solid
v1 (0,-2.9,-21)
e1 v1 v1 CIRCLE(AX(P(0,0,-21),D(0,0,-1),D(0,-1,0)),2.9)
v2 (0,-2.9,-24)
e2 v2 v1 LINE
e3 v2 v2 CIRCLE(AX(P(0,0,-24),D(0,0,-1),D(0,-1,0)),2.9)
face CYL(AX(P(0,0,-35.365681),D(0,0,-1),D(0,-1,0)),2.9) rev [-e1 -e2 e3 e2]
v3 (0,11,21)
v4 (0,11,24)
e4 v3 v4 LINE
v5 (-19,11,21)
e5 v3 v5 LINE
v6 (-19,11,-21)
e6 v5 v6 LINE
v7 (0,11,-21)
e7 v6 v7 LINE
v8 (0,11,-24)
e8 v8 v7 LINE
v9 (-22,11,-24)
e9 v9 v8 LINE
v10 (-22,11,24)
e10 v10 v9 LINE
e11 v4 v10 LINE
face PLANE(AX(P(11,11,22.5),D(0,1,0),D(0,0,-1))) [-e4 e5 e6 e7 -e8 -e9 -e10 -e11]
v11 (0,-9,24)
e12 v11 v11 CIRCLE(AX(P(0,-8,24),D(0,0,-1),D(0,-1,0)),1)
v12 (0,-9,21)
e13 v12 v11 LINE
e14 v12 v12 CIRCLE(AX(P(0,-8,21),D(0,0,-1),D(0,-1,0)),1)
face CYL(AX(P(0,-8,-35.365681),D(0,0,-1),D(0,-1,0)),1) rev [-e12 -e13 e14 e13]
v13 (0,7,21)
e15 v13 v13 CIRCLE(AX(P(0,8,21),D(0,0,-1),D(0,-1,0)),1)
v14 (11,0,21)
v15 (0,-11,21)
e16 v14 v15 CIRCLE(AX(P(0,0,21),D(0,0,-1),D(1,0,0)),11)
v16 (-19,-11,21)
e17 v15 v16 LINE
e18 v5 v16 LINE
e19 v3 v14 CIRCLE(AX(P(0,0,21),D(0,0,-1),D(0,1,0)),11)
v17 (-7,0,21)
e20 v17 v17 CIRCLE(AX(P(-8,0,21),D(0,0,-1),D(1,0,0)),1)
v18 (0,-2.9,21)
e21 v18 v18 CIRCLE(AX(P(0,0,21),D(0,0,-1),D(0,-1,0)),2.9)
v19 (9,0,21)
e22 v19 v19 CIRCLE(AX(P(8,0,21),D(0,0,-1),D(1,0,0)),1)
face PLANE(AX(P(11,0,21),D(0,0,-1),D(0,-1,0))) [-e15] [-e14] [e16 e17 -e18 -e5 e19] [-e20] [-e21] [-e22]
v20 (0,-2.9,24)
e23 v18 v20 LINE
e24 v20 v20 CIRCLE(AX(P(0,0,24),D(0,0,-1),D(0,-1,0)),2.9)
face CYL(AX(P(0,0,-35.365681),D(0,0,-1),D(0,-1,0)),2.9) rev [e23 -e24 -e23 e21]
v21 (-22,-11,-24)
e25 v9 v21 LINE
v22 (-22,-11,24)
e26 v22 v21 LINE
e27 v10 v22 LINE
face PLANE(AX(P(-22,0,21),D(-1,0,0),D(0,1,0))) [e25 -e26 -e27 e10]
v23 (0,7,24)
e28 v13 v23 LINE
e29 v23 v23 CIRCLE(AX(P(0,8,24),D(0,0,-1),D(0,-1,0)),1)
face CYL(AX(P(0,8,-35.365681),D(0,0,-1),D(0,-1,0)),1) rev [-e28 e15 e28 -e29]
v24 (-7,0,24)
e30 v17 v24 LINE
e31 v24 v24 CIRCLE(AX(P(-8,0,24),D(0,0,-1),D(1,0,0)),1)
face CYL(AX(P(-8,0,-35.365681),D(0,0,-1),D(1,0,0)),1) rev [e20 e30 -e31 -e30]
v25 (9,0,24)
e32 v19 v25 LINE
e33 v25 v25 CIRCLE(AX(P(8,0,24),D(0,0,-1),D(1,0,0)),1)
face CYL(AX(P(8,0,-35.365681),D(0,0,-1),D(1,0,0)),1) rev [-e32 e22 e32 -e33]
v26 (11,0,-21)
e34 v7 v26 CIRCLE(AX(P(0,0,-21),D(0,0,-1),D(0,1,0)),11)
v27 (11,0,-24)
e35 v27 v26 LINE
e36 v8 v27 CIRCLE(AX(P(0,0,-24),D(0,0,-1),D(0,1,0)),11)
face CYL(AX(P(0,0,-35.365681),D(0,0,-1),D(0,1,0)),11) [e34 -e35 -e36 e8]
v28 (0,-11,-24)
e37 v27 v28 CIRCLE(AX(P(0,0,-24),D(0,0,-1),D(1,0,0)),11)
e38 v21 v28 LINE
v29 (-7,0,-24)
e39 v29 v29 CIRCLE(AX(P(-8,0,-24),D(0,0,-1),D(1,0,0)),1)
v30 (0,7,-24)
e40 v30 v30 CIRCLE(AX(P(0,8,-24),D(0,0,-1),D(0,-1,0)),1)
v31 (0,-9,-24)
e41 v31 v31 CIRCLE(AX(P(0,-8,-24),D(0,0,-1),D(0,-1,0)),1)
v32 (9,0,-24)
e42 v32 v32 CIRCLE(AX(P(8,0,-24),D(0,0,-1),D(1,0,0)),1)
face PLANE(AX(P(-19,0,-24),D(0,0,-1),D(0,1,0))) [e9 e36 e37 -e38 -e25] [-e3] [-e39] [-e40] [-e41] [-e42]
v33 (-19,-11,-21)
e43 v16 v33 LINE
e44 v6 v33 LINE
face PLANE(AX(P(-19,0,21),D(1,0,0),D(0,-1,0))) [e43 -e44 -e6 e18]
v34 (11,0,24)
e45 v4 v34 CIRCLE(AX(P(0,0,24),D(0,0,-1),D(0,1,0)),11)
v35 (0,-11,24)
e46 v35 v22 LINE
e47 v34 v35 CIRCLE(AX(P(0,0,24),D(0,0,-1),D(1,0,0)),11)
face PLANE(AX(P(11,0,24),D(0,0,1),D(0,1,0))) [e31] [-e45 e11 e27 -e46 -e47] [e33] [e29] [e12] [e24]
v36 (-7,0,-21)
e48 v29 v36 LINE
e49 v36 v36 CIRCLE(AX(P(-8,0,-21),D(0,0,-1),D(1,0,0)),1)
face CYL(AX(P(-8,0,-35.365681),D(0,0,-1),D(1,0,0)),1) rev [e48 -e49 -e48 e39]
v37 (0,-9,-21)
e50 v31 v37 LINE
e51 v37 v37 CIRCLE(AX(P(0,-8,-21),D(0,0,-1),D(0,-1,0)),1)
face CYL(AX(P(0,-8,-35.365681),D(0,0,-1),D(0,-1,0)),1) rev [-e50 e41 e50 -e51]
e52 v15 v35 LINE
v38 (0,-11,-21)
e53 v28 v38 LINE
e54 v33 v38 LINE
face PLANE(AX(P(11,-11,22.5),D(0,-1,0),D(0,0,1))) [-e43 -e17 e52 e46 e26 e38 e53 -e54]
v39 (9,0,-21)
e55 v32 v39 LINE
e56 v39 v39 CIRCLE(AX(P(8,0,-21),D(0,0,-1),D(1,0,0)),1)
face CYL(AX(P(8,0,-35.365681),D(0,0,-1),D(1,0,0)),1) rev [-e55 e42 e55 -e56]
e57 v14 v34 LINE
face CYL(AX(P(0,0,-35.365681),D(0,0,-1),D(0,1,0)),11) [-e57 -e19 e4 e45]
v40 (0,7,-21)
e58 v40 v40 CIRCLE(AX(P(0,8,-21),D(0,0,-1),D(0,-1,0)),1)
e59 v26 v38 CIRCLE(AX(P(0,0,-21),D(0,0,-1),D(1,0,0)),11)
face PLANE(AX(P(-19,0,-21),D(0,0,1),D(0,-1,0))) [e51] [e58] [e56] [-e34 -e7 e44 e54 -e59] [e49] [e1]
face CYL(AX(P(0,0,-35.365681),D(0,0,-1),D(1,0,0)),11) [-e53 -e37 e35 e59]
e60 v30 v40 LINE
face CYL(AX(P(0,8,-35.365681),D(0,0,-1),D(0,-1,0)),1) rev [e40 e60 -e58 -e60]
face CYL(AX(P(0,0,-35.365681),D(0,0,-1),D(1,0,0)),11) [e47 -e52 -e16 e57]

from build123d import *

# Parameters (mm, degrees)
SKETCH3_W               = 3
SKETCH3_H               = 22
CUT_EXTRUDE1_DEPTH      = 35.365680555
CUT_EXTRUDE1_DEPTH_BACK = 35.365680555
SKETCH1_R               = 1
SKETCH1_R_2             = 2.9


with BuildPart() as part:
    # Sweep1: sweep along a path in Sketch2
    with BuildLine(Plane(origin=(0, 0, 0), x_dir=(1, 0, 0), z_dir=(0, 1, 0))) as sweep1_path:
        Line((11, -21), (0, -21))
        Line((0, -21), (-19, -21))
        Line((-19, -21), (-19, 21))
        Line((-19, 21), (0, 21))
        Line((0, 21), (11, 21))
    # Sketch3 → Sweep1 (sweep)
    with BuildSketch(Plane(origin=(0, 0, 0), x_dir=(0, 0, -1), z_dir=(1, 0, 0))):
        with Locations((22.5, 0)):
            Rectangle(SKETCH3_W, SKETCH3_H)
    sweep(path=sweep1_path.line, transition=Transition.RIGHT)

    # Sketch1 → Cut-Extrude1 (cut, two sides: drawn at the far end of the back side and taken through both)
    with BuildSketch(Plane.XY.offset(-CUT_EXTRUDE1_DEPTH_BACK)):
        with BuildLine():
            Line((11, 11), (0, 11))
            ThreePointArc((0, 11), (7.778174593, 7.778174593), (11, 0))
            Line((11, 0), (11, 11))
        make_face()
        with Locations((8, 0)):
            Circle(SKETCH1_R)
        with Locations(Location((0, -8, 0), (0, 0, 270))):
            Circle(SKETCH1_R)
        with Locations(Location((0, 0, 0), (0, 0, 270))):
            Circle(SKETCH1_R_2)
        with BuildLine():
            Line((11, -11), (11, 0))
            ThreePointArc((11, 0), (7.778174593, -7.778174593), (0, -11))
            Line((0, -11), (11, -11))
        make_face()
        with Locations(Location((0, 8, 0), (0, 0, 270))):
            Circle(SKETCH1_R)
        with Locations((-8, 0)):
            Circle(SKETCH1_R)
    extrude(amount=CUT_EXTRUDE1_DEPTH + CUT_EXTRUDE1_DEPTH_BACK, mode=Mode.SUBTRACT)


solid = part.part
